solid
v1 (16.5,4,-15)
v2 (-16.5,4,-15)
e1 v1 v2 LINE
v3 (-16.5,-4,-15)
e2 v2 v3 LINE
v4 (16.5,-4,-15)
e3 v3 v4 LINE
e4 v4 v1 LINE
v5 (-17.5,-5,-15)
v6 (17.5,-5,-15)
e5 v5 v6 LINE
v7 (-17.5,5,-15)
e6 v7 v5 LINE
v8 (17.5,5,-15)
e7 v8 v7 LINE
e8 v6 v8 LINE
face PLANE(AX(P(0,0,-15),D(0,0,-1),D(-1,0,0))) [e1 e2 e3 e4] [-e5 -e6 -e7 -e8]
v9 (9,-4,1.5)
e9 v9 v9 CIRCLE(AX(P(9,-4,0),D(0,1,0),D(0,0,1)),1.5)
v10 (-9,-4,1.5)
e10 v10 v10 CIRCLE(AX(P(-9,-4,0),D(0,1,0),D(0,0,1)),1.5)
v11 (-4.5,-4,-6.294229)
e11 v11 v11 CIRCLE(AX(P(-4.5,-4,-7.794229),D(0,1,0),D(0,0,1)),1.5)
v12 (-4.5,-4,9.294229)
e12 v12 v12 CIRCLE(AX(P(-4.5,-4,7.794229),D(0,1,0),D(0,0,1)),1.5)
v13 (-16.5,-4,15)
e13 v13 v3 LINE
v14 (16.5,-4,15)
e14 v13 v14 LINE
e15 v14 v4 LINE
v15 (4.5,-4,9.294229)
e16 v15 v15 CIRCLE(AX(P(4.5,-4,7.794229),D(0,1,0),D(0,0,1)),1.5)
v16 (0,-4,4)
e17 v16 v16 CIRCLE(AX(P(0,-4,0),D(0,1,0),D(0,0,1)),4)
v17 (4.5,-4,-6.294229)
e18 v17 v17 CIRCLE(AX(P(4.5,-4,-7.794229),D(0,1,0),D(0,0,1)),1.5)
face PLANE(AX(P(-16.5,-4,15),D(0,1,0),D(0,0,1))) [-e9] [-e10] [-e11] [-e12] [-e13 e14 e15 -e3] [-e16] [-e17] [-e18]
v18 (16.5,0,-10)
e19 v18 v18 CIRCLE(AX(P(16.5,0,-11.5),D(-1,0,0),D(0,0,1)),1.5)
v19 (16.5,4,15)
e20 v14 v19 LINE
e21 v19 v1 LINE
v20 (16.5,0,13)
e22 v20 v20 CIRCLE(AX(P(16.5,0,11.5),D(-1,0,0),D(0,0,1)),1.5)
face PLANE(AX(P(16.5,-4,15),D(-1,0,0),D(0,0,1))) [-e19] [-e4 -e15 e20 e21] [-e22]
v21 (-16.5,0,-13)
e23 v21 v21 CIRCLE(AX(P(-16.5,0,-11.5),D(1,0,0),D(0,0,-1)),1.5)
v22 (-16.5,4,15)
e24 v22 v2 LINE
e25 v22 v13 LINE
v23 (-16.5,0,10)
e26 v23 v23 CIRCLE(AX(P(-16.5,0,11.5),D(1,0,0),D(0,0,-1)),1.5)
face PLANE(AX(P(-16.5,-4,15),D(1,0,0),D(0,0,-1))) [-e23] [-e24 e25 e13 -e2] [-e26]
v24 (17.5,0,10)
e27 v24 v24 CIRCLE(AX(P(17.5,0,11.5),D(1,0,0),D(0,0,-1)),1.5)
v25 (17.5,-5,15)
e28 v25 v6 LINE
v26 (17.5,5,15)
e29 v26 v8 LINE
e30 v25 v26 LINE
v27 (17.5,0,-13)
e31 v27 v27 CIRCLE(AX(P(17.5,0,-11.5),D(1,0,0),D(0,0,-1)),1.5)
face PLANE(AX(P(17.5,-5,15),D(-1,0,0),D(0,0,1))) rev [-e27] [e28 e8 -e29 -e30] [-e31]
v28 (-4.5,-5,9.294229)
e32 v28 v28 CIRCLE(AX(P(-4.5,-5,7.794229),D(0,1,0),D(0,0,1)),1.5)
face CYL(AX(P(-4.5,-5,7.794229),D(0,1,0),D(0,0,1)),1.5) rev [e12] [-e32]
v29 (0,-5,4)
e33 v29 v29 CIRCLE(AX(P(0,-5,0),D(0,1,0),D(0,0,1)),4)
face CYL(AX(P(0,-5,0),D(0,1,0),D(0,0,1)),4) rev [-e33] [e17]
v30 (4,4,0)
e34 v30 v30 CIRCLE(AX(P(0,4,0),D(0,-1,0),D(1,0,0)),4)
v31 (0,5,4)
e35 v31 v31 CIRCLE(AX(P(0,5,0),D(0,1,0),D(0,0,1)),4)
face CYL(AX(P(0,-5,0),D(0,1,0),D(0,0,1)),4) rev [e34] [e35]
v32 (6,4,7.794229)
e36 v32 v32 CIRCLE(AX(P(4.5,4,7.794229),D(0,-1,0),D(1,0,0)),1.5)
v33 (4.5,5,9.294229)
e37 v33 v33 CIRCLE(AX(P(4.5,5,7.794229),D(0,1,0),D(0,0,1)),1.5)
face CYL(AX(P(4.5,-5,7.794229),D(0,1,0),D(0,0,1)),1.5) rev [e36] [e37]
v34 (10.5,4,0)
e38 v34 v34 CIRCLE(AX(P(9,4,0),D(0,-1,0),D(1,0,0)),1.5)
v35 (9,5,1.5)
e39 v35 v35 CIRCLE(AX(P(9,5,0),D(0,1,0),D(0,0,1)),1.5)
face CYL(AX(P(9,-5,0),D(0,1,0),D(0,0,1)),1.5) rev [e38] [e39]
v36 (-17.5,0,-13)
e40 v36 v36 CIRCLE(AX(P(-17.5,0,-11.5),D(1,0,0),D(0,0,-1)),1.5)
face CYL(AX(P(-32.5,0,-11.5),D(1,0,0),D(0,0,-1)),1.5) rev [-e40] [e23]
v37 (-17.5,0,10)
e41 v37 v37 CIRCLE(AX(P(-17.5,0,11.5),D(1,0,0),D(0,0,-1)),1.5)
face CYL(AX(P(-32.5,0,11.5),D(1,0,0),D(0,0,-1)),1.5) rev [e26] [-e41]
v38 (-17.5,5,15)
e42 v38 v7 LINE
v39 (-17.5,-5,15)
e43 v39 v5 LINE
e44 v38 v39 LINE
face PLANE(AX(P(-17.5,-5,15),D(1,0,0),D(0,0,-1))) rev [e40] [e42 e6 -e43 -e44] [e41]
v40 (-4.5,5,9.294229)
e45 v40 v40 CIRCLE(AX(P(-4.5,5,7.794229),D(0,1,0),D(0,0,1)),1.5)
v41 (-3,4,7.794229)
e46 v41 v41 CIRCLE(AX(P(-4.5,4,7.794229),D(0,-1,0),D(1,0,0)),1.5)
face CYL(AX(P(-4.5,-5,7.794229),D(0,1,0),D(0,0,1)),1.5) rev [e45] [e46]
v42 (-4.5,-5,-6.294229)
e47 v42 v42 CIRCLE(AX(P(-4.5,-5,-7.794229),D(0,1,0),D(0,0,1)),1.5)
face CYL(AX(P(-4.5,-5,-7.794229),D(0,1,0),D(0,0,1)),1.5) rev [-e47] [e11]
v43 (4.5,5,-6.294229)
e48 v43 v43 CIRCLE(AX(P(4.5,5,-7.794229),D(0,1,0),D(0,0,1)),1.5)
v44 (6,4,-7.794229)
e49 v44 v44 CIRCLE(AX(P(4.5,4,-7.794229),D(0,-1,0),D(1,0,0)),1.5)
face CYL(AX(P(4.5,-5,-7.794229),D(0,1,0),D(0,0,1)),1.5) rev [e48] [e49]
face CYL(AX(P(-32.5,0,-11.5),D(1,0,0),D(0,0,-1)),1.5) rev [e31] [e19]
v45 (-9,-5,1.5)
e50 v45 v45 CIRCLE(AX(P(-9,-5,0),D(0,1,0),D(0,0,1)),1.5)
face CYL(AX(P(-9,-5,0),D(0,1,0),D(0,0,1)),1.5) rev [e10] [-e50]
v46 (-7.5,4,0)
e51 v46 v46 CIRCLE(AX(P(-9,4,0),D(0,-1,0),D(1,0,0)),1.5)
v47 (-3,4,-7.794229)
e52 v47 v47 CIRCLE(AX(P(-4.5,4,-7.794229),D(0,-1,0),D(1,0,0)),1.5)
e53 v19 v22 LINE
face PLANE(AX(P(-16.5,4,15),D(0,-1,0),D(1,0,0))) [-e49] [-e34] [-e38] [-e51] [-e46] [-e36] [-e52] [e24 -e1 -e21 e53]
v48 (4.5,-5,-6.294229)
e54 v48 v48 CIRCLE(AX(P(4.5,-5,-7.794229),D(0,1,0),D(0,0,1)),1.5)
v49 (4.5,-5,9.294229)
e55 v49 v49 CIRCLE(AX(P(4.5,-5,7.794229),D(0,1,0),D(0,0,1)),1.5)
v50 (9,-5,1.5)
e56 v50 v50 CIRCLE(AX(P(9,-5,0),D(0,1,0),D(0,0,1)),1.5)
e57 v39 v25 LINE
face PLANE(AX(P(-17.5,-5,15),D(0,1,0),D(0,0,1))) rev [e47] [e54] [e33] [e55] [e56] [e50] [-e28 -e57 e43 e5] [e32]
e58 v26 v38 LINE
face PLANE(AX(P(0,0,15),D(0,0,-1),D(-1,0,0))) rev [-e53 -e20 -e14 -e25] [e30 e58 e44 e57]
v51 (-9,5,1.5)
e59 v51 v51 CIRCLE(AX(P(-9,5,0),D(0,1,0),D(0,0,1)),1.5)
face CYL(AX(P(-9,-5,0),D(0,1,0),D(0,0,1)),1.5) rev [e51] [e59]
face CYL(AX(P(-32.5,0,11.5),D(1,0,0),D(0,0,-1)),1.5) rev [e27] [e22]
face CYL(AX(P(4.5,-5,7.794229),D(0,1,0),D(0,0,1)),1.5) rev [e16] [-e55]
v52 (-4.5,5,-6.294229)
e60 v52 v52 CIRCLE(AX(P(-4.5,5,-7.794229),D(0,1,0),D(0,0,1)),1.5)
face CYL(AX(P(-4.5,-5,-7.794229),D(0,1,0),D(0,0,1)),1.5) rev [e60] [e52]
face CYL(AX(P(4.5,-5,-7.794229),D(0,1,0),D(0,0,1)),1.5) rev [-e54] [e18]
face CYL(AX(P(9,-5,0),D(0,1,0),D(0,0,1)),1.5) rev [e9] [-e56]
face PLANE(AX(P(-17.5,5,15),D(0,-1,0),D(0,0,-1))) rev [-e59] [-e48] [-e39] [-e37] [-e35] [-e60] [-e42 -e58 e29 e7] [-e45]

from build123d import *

# Parameters (mm, degrees)
SKETCH_1_W          = 35
SKETCH_1_H          = 10
SKETCH_1_W_2        = 33
SKETCH_1_H_2        = 8
EXTRUDE_1_DEPTH     = 15
SKETCH_2_R          = 1.5
CUT_EXTRUDE_1_DEPTH = 50
SKETCH_3_R          = 4
SKETCH_3_R_2        = 1.5
CUT_EXTRUDE_2_DEPTH = 10


with BuildPart() as part:
    # 草图1 → 凸台-拉伸1 (new, symmetric)
    with BuildSketch(Plane.XY):
        Rectangle(SKETCH_1_W, SKETCH_1_H)
        Rectangle(SKETCH_1_W_2, SKETCH_1_H_2, mode=Mode.SUBTRACT)
    extrude(amount=EXTRUDE_1_DEPTH, both=True)

    # 草图2 → 切除-拉伸1 (cut)
    with BuildSketch(Plane(origin=(17.5, 0, 0), x_dir=(0, 0, -1), z_dir=(1, 0, 0))):
        with Locations((11.5, 0)):
            Circle(SKETCH_2_R)
        with Locations((-11.5, 0)):
            Circle(SKETCH_2_R)
    extrude(amount=-CUT_EXTRUDE_1_DEPTH, mode=Mode.SUBTRACT)

    # 草图3 → 切除-拉伸2 (cut)
    with BuildSketch(Plane(origin=(0, 5, 0), x_dir=(1, 0, 0), z_dir=(0, 1, 0))):
        with Locations(Location((0, 0, 0), (0, 0, 270))):
            Circle(SKETCH_3_R)
        with Locations(Location((-4.5, 7.794228634, 0), (0, 0, 270))):
            Circle(SKETCH_3_R_2)
        with Locations(Location((4.5, 7.794228634, 0), (0, 0, 270))):
            Circle(SKETCH_3_R_2)
        with Locations(Location((9, 0, 0), (0, 0, 270))):
            Circle(SKETCH_3_R_2)
        with Locations(Location((4.5, -7.794228634, 0), (0, 0, 270))):
            Circle(SKETCH_3_R_2)
        with Locations(Location((-4.5, -7.794228634, 0), (0, 0, 270))):
            Circle(SKETCH_3_R_2)
        with Locations(Location((-9, 0, 0), (0, 0, 270))):
            Circle(SKETCH_3_R_2)
    extrude(amount=-CUT_EXTRUDE_2_DEPTH, mode=Mode.SUBTRACT)


solid = part.part
